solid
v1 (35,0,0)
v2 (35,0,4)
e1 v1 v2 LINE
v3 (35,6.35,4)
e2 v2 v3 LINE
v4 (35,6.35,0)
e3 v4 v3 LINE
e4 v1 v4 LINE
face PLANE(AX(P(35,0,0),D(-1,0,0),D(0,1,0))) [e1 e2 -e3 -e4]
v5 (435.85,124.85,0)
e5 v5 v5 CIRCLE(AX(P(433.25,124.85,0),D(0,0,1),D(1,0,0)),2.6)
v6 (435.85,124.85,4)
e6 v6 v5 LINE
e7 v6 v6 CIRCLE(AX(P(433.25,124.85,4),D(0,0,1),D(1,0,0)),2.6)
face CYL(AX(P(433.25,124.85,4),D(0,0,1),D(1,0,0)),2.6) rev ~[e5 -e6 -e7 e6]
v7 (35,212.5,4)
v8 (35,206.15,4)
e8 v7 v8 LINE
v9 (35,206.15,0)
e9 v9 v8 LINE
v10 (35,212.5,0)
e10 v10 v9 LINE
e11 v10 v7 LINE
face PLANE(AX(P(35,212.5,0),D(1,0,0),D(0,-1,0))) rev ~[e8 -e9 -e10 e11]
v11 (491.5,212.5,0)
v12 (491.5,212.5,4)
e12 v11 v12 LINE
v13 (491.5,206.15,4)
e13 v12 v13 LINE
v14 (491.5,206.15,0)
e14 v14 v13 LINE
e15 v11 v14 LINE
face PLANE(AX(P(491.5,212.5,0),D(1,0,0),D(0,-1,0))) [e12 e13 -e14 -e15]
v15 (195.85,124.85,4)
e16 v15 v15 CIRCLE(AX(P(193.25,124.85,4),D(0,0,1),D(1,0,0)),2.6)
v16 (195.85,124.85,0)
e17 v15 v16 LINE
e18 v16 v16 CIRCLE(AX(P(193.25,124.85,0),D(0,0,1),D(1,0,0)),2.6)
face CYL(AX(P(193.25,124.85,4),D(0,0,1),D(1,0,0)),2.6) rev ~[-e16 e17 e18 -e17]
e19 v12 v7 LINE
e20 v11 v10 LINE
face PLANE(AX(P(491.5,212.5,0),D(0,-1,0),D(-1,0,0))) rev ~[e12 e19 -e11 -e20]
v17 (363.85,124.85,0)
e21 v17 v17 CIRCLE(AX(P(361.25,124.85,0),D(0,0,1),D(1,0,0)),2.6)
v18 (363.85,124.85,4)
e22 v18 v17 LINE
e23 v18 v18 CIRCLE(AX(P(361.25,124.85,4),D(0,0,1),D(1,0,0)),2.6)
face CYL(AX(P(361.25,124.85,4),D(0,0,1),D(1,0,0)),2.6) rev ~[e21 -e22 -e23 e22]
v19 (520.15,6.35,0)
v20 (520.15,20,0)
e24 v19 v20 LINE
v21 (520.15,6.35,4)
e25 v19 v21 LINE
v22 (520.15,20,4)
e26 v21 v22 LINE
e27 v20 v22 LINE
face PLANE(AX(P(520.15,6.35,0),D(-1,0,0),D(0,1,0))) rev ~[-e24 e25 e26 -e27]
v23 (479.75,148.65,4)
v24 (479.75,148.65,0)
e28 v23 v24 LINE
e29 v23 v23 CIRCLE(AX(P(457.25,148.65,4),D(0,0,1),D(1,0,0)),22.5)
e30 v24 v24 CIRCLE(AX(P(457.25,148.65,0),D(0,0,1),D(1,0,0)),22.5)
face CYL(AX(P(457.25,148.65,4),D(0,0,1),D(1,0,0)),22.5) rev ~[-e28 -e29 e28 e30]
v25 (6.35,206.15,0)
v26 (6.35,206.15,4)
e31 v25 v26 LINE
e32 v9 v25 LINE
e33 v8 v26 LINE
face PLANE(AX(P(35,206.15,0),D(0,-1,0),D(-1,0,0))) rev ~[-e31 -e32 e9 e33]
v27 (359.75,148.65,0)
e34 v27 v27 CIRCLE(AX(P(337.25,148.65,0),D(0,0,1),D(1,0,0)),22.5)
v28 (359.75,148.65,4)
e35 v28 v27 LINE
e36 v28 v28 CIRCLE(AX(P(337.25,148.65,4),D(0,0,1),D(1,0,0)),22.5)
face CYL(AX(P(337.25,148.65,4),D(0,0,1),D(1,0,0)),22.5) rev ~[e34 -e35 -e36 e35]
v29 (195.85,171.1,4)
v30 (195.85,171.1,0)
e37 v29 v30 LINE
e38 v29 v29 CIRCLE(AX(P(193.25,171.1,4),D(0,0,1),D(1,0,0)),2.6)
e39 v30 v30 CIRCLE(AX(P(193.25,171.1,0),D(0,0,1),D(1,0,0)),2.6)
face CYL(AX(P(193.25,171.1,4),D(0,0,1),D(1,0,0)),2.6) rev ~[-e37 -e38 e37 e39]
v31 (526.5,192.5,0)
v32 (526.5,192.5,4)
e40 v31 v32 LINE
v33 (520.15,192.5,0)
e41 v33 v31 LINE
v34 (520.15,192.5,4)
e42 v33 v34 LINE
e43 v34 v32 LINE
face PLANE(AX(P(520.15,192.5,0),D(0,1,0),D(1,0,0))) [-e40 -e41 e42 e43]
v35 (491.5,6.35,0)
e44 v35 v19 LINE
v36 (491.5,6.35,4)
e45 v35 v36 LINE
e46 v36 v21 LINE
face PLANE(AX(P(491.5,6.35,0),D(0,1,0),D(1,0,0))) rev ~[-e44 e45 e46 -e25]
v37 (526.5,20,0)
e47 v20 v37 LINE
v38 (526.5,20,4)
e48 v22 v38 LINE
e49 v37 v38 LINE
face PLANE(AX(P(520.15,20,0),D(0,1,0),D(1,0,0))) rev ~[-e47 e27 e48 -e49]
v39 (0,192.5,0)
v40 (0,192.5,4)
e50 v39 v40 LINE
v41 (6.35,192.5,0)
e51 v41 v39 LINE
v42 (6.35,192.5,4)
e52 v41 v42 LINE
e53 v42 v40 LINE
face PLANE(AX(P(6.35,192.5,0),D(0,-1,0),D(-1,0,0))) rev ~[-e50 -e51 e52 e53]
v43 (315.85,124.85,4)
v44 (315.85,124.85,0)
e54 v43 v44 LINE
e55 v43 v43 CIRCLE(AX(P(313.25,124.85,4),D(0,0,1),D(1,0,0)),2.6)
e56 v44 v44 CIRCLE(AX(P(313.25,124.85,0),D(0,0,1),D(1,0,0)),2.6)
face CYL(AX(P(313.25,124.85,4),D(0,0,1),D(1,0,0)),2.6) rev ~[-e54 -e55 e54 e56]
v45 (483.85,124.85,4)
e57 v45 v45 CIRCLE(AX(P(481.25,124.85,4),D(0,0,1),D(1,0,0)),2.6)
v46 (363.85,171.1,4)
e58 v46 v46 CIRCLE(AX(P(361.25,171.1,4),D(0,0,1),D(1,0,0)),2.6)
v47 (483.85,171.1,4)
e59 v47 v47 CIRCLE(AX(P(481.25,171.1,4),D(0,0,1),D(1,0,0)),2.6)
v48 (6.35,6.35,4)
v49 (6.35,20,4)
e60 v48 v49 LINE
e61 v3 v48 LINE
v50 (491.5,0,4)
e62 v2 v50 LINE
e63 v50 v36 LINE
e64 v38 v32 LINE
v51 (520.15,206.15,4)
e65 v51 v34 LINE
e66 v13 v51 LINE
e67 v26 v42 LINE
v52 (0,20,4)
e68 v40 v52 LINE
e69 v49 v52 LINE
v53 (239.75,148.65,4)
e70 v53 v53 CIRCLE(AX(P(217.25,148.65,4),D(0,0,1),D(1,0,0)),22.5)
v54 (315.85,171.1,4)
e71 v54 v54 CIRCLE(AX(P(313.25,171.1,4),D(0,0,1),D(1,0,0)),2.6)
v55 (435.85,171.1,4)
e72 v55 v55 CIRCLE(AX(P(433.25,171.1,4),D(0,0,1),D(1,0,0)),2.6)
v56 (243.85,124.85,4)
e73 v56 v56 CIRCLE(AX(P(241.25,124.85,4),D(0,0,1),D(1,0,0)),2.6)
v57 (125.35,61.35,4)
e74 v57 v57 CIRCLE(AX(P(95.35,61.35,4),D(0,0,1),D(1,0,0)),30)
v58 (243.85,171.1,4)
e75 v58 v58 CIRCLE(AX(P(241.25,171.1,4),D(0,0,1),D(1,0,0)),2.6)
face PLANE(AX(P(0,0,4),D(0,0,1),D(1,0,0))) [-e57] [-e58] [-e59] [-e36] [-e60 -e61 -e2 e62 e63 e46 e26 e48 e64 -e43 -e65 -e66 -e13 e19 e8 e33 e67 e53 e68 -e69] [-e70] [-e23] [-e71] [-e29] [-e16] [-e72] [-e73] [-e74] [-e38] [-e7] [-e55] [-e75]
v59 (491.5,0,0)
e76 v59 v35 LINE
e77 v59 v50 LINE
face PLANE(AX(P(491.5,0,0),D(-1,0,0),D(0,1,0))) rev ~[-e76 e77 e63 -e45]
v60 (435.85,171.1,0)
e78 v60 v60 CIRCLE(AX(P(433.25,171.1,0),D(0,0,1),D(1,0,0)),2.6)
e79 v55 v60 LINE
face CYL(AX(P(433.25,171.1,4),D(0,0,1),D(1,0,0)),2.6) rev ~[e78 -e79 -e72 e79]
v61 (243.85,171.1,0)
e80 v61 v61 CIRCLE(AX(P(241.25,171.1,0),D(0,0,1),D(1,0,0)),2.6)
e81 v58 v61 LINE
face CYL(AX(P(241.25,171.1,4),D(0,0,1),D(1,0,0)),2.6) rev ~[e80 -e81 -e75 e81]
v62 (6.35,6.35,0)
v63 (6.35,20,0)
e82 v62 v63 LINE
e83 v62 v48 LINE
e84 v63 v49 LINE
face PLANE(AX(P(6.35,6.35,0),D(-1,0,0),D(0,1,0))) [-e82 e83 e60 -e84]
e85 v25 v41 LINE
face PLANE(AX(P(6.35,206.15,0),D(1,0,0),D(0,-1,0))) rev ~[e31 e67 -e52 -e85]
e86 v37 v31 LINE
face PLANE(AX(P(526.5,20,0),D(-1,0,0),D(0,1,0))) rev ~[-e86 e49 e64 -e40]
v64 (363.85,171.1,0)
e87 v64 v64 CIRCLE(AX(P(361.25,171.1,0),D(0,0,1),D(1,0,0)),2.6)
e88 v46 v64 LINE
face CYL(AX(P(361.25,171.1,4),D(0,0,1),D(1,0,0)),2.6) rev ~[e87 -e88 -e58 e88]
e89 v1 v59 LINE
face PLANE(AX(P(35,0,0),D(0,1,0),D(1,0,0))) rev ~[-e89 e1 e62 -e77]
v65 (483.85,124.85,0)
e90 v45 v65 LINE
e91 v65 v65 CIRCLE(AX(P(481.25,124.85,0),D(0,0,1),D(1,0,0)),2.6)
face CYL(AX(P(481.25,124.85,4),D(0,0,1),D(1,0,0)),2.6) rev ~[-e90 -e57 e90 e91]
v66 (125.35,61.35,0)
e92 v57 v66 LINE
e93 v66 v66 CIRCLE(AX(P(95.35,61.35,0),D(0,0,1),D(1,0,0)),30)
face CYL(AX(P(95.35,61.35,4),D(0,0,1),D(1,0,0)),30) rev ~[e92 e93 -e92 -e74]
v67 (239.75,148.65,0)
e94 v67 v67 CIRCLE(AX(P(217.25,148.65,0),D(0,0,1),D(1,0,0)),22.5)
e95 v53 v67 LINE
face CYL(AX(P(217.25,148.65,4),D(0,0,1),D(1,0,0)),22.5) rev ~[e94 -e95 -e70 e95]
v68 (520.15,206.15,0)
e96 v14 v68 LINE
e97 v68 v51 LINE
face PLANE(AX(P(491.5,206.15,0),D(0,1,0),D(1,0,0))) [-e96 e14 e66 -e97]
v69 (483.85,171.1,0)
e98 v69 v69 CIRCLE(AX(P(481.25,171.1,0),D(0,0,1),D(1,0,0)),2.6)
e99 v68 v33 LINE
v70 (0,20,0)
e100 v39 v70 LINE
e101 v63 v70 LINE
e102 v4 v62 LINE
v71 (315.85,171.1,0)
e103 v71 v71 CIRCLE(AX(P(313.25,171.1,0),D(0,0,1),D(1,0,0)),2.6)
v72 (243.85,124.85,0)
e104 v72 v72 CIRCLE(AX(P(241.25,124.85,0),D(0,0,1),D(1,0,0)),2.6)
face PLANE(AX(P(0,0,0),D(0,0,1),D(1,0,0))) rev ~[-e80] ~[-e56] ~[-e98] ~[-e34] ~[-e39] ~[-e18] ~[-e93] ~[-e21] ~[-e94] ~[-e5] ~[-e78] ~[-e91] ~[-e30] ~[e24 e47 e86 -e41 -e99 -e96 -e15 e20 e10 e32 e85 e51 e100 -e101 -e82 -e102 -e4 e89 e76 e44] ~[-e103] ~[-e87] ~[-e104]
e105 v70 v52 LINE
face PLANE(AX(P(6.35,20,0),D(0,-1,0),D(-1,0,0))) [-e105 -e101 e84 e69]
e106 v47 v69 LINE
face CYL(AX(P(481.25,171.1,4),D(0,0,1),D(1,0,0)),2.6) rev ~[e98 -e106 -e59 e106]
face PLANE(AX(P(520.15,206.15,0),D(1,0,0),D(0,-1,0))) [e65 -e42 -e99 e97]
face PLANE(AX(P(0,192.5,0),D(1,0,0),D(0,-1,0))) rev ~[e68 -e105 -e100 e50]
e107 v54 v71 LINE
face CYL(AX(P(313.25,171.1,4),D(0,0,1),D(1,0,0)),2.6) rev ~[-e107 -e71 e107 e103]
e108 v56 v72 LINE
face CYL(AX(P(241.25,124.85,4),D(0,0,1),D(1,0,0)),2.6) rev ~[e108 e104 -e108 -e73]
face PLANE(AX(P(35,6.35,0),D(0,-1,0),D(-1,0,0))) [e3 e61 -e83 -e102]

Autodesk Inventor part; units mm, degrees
ref_plane "YZ Plane" through (0, 0, 0) normal (1, 0, 0) x (0, 1, 0)
ref_plane "XZ Plane" through (0, 0, 0) normal (0, 1, 0) x (-1, 0, 0)
ref_plane "XY Plane" through (0, 0, 0) normal (0, 0, 1) x (1, 0, 0)
sketch "Skizze1" plane through (0, 0, 0) normal (0, 0, 1) x (1, 0, 0)
  line L0 (0, 0) -> (526.5, 0)
  line L1 (526.5, 0) -> (526.5, 212.5)
  line L2 (526.5, 212.5) -> (0, 212.5)
  line L3 (0, 212.5) -> (0, 0)
  line L4 (0, 212.5) -> (35, 212.5)
  line L5 (35, 212.5) -> (35, 206.15)
  line L6 (35, 206.15) -> (0, 206.15)
  line L7 (0, 206.15) -> (0, 212.5)
  line L8 (0, 212.5) -> (6.35, 212.5)
  line L9 (6.35, 212.5) -> (6.35, 192.5)
  line L10 (6.35, 192.5) -> (0, 192.5)
  line L11 (0, 192.5) -> (0, 212.5)
  line L12 (0, 106.25) -> (526.5, 106.25) construction
  line L13 (263.25, 212.5) -> (263.25, 0) construction
  line L14 (0, 0) -> (35, 0)
  line L15 (35, 0) -> (35, 6.35)
  line L16 (35, 6.35) -> (0, 6.35)
  line L17 (0, 6.35) -> (0, 0)
  line L18 (0, 0) -> (6.35, 0)
  line L19 (6.35, 0) -> (6.35, 20)
  line L20 (6.35, 20) -> (0, 20)
  line L21 (0, 20) -> (0, 0)
  line L22 (526.5, 212.5) -> (526.5, 0)
  line L23 (526.5, 212.5) -> (491.5, 212.5)
  line L24 (491.5, 212.5) -> (491.5, 206.15)
  line L25 (491.5, 206.15) -> (526.5, 206.15)
  line L26 (526.5, 206.15) -> (526.5, 212.5)
  line L27 (526.5, 212.5) -> (520.15, 212.5)
  line L28 (520.15, 212.5) -> (520.15, 192.5)
  line L29 (520.15, 192.5) -> (526.5, 192.5)
  line L30 (526.5, 192.5) -> (526.5, 212.5)
  line L31 (526.5, 0) -> (520.15, 0)
  line L32 (526.5, 0) -> (491.5, 0)
  line L33 (491.5, 0) -> (491.5, 6.35)
  line L34 (491.5, 6.35) -> (526.5, 6.35)
  line L35 (520.15, 0) -> (520.15, 20)
  line L36 (526.5, 6.35) -> (526.5, 0)
  line L37 (520.15, 20) -> (526.5, 20)
  line L38 (526.5, 20) -> (526.5, 0)
  point P0 (526.5, 192.5)
  point P1 (520.15, 206.15)
  point P2 (491.5, 212.5)
  point P3 (6.35, 206.15)
  point P4 (0, 192.5)
  point P5 (0, 20)
  point P6 (6.35, 6.35)
  point P7 (491.5, 0)
  point P8 (520.15, 6.35)
  point P9 (526.5, 20)
  dimension "d0" = 526.5
  dimension "d1" = 212.5
  dimension "d2" = 35
  dimension "d3" = 6.35
  dimension "d4" = 6.35
  dimension "d5" = 20
extrude "Extrusion1" add sketch "Skizze1" along normal blind 4 contours L15 L16 L19 L20 L3 L10 L9 L6 L5 L2 L24 L25 L28 L29 L1 L37 L35 L34 L33 L0
sketch "Skizze3" plane through (0, 0, 4) normal (0, 0, 1) x (1, 0, 0)
  circle A0 centre (217.25, 148.65) radius 22.5
  circle A1 centre (337.25, 148.65) radius 22.5
  circle A2 centre (457.25, 148.65) radius 22.5
  circle A3 centre (95.35, 61.35) radius 30
  line L0 (520.15, 206.15) -> (491.5, 206.15) projected
  line L1 (520.15, 192.5) -> (520.15, 206.15) projected
  line L2 (6.35, 20) -> (6.35, 6.35) projected
  line L3 (6.35, 6.35) -> (35, 6.35) projected
  point P0 (0, 0)
  dimension "d19" = 45
  dimension "d20" = 45
  dimension "d21" = 45
  dimension "d22" = 60
  dimension "d23" = 120
  dimension "d24" = 120
  dimension "d25" = 57.5
  dimension "d26" = 62.9
  dimension "d27" = 89
  dimension "d28" = 55
extrude "Extrusion3" cut sketch "Skizze3" against normal blind 10
sketch "Skizze4" plane through (0, 0, 4) normal (0, 0, 1) x (1, 0, 0)
  circle A0 centre (193.25, 171.1) radius 2.6
  circle A1 centre (241.25, 171.1) radius 2.6
  circle A2 centre (241.25, 124.85) radius 2.6
  circle A3 centre (193.25, 124.85) radius 2.6
  circle A4 centre (217.25, 148.65) radius 22.5 projected
  line L0 (491.5, 212.5) -> (35, 212.5) projected
  line L1 (277.25, 212.5) -> (277.25, 70.6491) construction
  line L2 (397.25, 212.5) -> (397.25, 70.6491) construction
  circle A5 centre (337.25, 148.65) radius 22.5 projected
  circle A6 centre (361.25, 171.1) radius 2.6
  circle A7 centre (313.25, 171.1) radius 2.6
  circle A8 centre (313.25, 124.85) radius 2.6
  circle A9 centre (361.25, 124.85) radius 2.6
  circle A10 centre (481.25, 171.1) radius 2.6
  circle A11 centre (481.25, 124.85) radius 2.6
  circle A12 centre (433.25, 171.1) radius 2.6
  circle A13 centre (433.25, 124.85) radius 2.6
  point P0 (0, 0)
  point P1 (337.25, 148.65)
  point P2 (457.25, 148.65)
  point P3 (457.25, 148.65)
  dimension "d31" = 5.2
  dimension "d32" = 5.2
  dimension "d33" = 5.2
  dimension "d34" = 5.2
  dimension "d35" = 48
  dimension "d36" = 46.25
  dimension "d37" = 24
  dimension "d38" = 24
  dimension "d39" = 22.45
  dimension "d40" = 23.8
  dimension "d43" = 60
  dimension "d44" = 60
extrude "Extrusion4" cut sketch "Skizze4" against normal blind 10 contours A0 | A1 | A2 | A3 | A6 | A7 | A8 | A9 | A10 | A11 | A12 | A13
properties part number "103.015.01_Abdeckung_Gestell_oben" material "PMMA-Kunststoff"
